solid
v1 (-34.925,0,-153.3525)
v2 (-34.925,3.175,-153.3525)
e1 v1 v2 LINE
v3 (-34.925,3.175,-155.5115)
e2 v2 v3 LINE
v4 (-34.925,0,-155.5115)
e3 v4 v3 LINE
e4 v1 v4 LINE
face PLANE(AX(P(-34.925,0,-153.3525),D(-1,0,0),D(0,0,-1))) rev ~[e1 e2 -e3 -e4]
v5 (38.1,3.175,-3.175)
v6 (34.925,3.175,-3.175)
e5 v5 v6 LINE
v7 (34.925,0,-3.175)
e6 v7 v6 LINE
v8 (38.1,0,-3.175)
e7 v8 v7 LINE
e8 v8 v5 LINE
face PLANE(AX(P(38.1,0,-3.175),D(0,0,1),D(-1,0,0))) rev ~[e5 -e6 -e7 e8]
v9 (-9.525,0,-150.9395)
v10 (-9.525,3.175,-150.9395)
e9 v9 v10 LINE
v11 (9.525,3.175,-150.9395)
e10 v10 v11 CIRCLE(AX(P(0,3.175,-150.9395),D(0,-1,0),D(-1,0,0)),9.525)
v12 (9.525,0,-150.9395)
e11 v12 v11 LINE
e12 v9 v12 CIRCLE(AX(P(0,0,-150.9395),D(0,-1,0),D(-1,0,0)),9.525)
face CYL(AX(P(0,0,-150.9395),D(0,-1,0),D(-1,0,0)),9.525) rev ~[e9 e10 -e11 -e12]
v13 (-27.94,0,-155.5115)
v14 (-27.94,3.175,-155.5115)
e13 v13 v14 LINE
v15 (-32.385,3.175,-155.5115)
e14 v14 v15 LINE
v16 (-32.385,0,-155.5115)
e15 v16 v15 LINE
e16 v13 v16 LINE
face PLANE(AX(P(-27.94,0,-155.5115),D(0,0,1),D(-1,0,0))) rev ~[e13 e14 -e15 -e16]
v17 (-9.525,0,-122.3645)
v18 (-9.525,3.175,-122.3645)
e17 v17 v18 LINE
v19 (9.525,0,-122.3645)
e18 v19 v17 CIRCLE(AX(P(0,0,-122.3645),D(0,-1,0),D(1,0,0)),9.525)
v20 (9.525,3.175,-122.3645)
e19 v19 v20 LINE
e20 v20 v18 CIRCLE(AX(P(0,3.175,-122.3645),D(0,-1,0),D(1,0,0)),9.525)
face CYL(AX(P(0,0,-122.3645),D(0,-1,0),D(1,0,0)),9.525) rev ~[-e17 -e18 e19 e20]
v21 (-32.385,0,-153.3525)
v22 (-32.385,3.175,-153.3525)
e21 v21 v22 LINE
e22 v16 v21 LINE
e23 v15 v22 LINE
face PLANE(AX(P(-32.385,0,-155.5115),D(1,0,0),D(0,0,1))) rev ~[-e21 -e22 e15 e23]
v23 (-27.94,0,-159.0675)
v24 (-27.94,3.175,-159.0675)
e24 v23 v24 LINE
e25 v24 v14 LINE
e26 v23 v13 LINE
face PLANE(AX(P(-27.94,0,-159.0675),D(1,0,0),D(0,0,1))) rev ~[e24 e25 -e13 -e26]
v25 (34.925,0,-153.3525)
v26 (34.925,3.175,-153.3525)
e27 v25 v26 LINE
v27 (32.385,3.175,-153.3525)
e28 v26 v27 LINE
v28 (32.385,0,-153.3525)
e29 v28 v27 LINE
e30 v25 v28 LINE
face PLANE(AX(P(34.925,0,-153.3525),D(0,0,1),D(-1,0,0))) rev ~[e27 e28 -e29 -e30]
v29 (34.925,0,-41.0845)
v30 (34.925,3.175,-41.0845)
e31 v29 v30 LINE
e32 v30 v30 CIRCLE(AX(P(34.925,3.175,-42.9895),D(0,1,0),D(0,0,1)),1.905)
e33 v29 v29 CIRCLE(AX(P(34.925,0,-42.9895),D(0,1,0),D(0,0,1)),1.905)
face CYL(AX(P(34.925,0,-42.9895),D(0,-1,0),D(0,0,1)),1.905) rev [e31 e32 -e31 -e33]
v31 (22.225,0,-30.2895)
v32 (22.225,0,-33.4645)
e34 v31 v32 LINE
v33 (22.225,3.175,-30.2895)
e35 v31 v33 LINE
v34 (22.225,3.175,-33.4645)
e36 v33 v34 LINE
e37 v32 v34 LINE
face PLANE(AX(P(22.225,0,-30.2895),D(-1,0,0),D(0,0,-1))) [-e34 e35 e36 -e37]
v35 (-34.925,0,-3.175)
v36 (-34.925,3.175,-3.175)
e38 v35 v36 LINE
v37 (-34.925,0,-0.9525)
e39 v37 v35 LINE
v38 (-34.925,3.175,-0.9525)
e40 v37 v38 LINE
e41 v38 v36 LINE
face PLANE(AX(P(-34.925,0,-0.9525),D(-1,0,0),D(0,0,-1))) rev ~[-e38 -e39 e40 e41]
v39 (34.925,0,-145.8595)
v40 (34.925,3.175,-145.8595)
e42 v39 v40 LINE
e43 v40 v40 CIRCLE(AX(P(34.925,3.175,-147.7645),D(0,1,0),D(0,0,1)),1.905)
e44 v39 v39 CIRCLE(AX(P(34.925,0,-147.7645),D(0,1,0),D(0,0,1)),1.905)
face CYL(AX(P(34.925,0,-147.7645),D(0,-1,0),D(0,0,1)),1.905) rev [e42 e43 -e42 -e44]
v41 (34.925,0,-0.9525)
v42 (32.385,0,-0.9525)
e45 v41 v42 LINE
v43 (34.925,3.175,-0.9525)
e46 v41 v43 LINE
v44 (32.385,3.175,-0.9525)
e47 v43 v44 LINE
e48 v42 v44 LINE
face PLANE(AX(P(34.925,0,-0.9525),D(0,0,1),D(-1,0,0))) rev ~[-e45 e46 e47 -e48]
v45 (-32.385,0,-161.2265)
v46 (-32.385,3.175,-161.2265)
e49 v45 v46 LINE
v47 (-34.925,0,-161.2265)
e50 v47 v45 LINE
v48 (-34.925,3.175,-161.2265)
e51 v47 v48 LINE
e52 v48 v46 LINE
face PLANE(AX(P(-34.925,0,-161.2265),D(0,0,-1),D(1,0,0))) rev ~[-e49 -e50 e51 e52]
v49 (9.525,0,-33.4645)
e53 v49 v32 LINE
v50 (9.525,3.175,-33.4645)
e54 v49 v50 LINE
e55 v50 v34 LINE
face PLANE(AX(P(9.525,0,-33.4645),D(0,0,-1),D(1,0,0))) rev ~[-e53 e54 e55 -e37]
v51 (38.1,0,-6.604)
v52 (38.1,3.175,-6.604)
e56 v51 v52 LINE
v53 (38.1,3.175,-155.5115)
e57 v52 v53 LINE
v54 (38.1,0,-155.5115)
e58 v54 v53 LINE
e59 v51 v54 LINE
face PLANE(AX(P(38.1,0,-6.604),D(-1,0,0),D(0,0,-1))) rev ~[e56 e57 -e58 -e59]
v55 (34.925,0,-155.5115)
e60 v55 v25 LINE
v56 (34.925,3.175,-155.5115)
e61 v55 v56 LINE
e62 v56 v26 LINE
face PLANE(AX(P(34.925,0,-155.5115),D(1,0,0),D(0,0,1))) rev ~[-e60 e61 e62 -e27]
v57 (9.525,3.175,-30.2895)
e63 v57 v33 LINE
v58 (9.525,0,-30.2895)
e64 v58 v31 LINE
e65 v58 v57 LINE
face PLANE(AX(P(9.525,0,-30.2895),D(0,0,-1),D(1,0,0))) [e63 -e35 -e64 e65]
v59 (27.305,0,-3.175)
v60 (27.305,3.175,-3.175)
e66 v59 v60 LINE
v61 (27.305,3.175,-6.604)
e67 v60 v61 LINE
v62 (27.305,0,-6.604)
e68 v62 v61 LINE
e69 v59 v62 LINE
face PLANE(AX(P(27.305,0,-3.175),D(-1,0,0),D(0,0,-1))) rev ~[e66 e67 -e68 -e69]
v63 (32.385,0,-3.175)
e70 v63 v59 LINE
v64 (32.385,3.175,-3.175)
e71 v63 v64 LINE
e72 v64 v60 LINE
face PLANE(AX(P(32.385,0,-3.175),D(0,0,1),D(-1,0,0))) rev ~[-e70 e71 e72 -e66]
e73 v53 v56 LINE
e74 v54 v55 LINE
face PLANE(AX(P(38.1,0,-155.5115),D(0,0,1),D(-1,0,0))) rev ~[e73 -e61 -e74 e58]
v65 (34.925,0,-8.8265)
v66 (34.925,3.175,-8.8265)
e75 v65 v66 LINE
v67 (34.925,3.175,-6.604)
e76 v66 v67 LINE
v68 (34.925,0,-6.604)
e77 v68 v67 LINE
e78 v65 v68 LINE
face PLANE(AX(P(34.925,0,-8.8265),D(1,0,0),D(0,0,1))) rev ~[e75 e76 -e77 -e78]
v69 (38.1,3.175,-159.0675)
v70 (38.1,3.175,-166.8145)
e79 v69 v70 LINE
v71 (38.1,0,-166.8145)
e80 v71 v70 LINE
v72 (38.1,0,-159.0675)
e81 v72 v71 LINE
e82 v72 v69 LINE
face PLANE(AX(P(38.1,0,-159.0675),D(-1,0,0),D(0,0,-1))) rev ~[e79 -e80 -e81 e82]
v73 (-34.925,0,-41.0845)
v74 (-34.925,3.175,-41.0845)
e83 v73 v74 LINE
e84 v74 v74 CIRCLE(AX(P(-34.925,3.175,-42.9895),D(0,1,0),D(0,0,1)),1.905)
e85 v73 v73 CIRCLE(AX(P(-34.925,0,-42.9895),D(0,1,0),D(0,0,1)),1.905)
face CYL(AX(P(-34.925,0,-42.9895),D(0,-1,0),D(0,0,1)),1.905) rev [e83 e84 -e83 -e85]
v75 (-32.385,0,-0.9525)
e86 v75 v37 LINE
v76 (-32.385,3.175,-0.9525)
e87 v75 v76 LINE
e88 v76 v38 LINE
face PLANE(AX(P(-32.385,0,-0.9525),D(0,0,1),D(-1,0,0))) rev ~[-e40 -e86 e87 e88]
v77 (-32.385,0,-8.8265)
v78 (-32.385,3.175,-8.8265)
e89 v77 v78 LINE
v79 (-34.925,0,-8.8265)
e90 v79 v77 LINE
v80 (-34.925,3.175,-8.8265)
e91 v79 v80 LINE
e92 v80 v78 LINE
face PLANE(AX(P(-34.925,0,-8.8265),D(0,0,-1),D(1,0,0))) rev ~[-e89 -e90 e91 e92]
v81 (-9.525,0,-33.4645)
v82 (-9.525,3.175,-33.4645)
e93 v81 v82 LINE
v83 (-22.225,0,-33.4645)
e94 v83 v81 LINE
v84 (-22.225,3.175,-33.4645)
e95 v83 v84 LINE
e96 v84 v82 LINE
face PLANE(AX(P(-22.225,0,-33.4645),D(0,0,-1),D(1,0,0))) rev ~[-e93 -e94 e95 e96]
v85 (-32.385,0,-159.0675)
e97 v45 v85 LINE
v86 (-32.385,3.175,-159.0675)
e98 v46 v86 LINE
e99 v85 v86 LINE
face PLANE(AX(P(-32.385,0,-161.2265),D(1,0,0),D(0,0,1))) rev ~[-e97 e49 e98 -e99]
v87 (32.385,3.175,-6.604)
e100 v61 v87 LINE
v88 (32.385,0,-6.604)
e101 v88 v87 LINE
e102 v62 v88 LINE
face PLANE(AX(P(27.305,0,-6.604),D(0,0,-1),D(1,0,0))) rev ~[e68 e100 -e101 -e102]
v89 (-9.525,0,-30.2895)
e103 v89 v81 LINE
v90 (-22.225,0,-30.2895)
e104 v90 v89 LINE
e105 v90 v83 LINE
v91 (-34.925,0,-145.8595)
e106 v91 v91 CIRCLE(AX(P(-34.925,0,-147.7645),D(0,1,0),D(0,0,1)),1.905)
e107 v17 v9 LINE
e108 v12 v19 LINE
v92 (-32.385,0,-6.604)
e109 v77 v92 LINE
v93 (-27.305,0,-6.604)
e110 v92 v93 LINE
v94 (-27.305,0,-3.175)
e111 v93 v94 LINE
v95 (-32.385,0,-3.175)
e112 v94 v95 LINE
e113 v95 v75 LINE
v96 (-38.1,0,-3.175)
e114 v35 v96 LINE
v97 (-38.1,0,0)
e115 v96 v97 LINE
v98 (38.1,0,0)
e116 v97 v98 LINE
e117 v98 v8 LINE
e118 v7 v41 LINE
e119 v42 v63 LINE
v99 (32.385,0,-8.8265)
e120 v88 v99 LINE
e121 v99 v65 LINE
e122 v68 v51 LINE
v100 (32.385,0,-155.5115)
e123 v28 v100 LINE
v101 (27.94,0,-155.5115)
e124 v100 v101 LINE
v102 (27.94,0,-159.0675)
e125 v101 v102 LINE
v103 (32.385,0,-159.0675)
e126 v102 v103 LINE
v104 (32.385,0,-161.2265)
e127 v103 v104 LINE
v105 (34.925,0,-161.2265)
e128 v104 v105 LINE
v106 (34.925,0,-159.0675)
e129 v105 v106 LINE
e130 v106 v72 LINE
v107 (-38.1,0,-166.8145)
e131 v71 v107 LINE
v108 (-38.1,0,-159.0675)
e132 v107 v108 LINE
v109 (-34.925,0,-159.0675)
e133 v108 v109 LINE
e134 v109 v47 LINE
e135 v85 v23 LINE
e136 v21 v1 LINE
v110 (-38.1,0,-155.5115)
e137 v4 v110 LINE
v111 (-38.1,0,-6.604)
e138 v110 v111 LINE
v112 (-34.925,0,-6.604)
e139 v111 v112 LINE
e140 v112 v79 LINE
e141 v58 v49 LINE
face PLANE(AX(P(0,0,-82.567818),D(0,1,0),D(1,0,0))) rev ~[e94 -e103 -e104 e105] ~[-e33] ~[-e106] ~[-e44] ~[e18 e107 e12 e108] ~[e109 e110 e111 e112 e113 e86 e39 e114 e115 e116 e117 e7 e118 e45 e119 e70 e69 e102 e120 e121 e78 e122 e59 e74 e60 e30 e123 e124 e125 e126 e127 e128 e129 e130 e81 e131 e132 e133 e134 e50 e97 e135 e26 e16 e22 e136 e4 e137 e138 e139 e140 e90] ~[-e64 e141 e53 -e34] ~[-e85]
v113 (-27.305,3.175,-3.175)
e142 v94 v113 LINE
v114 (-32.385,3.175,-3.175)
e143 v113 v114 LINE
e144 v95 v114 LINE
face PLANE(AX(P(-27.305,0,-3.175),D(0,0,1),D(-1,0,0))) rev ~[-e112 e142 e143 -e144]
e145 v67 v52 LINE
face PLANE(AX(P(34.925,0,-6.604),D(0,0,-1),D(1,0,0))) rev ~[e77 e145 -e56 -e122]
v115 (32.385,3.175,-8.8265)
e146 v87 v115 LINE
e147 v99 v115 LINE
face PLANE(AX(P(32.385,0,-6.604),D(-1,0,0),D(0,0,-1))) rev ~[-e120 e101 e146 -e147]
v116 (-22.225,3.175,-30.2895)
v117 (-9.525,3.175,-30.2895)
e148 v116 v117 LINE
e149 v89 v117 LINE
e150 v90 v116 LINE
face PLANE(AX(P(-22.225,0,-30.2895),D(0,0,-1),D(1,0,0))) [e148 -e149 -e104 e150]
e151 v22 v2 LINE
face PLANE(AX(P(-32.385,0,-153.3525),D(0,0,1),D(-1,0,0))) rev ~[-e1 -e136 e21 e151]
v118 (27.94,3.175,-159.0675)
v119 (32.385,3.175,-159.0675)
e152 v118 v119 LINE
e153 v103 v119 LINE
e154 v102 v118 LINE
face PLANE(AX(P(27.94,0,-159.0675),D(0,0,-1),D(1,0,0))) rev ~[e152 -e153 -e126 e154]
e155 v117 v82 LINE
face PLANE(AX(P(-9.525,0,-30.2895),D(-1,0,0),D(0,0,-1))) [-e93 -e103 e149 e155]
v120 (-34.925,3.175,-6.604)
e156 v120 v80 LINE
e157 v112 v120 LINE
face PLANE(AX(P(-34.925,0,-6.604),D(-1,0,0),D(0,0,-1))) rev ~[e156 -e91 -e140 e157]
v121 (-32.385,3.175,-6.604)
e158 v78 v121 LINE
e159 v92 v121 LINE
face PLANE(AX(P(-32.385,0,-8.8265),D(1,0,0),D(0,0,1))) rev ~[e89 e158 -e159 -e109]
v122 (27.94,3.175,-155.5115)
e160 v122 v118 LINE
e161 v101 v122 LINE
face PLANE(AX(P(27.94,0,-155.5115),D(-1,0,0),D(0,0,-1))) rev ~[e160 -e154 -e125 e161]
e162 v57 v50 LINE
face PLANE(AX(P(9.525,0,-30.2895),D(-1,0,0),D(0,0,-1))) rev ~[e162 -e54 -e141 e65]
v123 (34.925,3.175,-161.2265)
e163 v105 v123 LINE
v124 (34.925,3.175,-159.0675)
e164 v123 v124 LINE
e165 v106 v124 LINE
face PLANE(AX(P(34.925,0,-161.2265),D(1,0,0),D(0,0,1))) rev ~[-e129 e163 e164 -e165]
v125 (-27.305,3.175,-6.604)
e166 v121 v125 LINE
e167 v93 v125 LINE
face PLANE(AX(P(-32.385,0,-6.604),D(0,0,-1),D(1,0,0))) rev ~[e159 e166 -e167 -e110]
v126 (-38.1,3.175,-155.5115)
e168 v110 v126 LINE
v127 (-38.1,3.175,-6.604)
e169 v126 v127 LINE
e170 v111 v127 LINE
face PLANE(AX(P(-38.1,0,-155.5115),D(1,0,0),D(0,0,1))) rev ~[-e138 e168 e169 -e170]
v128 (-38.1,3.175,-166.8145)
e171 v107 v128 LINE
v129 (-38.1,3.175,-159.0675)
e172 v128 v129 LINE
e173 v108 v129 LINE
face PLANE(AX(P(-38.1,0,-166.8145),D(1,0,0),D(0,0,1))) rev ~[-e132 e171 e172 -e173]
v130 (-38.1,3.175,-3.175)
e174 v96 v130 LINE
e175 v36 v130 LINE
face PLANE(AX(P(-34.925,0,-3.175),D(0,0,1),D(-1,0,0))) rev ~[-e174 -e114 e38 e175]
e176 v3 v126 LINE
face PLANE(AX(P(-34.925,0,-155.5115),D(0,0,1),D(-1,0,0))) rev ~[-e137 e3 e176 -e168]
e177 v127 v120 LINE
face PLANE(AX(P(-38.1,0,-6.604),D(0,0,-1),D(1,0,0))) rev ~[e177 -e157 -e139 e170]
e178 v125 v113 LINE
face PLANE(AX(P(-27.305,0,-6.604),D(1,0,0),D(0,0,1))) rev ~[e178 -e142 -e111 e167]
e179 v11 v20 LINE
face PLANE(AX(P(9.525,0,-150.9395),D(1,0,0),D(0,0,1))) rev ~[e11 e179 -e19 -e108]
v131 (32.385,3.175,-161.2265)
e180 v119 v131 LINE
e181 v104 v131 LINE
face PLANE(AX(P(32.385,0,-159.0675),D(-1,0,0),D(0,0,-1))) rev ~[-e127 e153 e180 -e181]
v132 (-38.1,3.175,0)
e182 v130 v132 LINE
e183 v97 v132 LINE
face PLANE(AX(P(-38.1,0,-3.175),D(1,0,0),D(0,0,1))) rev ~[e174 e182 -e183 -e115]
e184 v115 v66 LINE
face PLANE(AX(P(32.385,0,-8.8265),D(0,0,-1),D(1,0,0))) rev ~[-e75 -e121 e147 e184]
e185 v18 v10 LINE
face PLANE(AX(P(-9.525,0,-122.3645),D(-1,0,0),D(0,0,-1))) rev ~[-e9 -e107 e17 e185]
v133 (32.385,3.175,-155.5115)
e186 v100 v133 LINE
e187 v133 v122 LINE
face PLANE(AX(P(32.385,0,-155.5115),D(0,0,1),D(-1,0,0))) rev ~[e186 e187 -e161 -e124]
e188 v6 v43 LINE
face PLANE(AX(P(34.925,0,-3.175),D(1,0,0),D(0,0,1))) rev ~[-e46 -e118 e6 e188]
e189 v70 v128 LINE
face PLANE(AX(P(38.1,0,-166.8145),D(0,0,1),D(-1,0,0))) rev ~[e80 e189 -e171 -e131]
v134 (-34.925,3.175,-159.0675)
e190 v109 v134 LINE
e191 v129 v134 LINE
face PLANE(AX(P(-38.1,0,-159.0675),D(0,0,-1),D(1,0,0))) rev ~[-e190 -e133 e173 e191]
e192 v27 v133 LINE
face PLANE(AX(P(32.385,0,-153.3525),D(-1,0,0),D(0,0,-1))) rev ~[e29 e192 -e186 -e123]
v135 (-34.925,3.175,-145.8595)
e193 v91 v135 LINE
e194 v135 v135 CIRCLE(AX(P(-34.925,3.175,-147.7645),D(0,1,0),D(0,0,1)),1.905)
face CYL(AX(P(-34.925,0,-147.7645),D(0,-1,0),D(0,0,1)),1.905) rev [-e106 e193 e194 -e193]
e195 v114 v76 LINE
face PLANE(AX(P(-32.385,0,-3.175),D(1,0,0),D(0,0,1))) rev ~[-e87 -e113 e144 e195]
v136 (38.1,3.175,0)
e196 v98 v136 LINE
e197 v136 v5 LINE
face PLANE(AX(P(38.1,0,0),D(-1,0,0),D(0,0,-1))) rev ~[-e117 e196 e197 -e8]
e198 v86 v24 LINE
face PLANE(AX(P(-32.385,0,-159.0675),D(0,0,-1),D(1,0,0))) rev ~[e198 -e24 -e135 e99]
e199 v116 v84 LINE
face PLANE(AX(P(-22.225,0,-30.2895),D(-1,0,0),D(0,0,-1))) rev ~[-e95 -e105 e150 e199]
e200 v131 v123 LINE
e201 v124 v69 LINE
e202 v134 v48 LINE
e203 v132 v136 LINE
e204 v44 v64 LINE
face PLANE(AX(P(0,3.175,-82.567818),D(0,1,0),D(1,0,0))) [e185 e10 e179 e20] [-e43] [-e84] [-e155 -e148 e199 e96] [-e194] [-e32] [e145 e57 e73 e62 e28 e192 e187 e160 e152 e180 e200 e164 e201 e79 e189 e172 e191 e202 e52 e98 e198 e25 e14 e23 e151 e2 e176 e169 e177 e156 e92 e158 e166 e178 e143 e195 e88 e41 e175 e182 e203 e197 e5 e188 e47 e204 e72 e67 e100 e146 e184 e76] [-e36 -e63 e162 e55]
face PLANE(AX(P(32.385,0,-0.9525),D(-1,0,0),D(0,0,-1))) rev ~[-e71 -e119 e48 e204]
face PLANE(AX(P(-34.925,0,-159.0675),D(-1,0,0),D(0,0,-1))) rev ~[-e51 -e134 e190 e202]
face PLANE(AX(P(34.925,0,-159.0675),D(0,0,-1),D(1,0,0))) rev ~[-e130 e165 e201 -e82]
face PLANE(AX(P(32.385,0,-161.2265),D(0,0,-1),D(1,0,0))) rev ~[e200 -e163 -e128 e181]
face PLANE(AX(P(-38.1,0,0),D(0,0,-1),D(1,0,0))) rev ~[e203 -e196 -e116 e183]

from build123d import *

# Parameters (mm, degrees)
SKETCH1_R           = 1.905
SKETCH1_W           = 12.7
SKETCH1_H           = 3.175
BOSS_EXTRUDE1_DEPTH = 3.175


with BuildPart() as part:
    # Sketch1 → Boss-Extrude1 (new body)
    with BuildSketch(Plane(origin=(0, 0, 0), x_dir=(1, 0, 0), z_dir=(0, 1, 0))):
        Polygon((-38.1, 6.604), (-34.925, 6.604), (-34.925, 8.8265), (-32.385, 8.8265), (-32.385, 6.604), (-27.305, 6.604), (-27.305, 3.175), (-32.385, 3.175), (-32.385, 0.9525), (-34.925, 0.9525), (-34.925, 3.175), (-38.1, 3.175), (-38.1, 0), (0, 0), (38.1, 0), (38.1, 3.175), (34.925, 3.175), (34.925, 0.9525), (32.385, 0.9525), (32.385, 3.175), (27.305, 3.175), (27.305, 6.604), (32.385, 6.604), (32.385, 8.8265), (34.925, 8.8265), (34.925, 6.604), (38.1, 6.604), (38.1, 155.5115), (34.925, 155.5115), (34.925, 153.3525), (32.385, 153.3525), (32.385, 155.5115), (27.94, 155.5115), (27.94, 159.0675), (32.385, 159.0675), (32.385, 161.2265), (34.925, 161.2265), (34.925, 159.0675), (38.1, 159.0675), (38.1, 166.8145), (-38.1, 166.8145), (-38.1, 159.0675), (-34.925, 159.0675), (-34.925, 161.2265), (-32.385, 161.2265), (-32.385, 159.0675), (-27.94, 159.0675), (-27.94, 155.5115), (-32.385, 155.5115), (-32.385, 153.3525), (-34.925, 153.3525), (-34.925, 155.5115), (-38.1, 155.5115), align=None)
        with Locations(Location((-34.925, 42.9895, 0), (0, 0, 270))):
            Circle(SKETCH1_R, mode=Mode.SUBTRACT)
        with Locations(Location((-34.925, 147.7645, 0), (0, 0, 270))):
            Circle(SKETCH1_R, mode=Mode.SUBTRACT)
        with Locations(Location((34.925, 42.9895, 0), (0, 0, 270))):
            Circle(SKETCH1_R, mode=Mode.SUBTRACT)
        with Locations(Location((34.925, 147.7645, 0), (0, 0, 270))):
            Circle(SKETCH1_R, mode=Mode.SUBTRACT)
        with Locations((-15.875, 31.877)):
            Rectangle(SKETCH1_W, SKETCH1_H, mode=Mode.SUBTRACT)
        with Locations((15.875, 31.877)):
            Rectangle(SKETCH1_W, SKETCH1_H, mode=Mode.SUBTRACT)
        with BuildLine():
            Line((9.525, 150.9395), (9.525, 122.3645))
            ThreePointArc((9.525, 122.3645), (0, 112.8395), (-9.525, 122.3645))
            Line((-9.525, 122.3645), (-9.525, 150.9395))
            ThreePointArc((-9.525, 150.9395), (0, 160.4645), (9.525, 150.9395))
        make_face(mode=Mode.SUBTRACT)
    extrude(amount=BOSS_EXTRUDE1_DEPTH)


solid = part.part
